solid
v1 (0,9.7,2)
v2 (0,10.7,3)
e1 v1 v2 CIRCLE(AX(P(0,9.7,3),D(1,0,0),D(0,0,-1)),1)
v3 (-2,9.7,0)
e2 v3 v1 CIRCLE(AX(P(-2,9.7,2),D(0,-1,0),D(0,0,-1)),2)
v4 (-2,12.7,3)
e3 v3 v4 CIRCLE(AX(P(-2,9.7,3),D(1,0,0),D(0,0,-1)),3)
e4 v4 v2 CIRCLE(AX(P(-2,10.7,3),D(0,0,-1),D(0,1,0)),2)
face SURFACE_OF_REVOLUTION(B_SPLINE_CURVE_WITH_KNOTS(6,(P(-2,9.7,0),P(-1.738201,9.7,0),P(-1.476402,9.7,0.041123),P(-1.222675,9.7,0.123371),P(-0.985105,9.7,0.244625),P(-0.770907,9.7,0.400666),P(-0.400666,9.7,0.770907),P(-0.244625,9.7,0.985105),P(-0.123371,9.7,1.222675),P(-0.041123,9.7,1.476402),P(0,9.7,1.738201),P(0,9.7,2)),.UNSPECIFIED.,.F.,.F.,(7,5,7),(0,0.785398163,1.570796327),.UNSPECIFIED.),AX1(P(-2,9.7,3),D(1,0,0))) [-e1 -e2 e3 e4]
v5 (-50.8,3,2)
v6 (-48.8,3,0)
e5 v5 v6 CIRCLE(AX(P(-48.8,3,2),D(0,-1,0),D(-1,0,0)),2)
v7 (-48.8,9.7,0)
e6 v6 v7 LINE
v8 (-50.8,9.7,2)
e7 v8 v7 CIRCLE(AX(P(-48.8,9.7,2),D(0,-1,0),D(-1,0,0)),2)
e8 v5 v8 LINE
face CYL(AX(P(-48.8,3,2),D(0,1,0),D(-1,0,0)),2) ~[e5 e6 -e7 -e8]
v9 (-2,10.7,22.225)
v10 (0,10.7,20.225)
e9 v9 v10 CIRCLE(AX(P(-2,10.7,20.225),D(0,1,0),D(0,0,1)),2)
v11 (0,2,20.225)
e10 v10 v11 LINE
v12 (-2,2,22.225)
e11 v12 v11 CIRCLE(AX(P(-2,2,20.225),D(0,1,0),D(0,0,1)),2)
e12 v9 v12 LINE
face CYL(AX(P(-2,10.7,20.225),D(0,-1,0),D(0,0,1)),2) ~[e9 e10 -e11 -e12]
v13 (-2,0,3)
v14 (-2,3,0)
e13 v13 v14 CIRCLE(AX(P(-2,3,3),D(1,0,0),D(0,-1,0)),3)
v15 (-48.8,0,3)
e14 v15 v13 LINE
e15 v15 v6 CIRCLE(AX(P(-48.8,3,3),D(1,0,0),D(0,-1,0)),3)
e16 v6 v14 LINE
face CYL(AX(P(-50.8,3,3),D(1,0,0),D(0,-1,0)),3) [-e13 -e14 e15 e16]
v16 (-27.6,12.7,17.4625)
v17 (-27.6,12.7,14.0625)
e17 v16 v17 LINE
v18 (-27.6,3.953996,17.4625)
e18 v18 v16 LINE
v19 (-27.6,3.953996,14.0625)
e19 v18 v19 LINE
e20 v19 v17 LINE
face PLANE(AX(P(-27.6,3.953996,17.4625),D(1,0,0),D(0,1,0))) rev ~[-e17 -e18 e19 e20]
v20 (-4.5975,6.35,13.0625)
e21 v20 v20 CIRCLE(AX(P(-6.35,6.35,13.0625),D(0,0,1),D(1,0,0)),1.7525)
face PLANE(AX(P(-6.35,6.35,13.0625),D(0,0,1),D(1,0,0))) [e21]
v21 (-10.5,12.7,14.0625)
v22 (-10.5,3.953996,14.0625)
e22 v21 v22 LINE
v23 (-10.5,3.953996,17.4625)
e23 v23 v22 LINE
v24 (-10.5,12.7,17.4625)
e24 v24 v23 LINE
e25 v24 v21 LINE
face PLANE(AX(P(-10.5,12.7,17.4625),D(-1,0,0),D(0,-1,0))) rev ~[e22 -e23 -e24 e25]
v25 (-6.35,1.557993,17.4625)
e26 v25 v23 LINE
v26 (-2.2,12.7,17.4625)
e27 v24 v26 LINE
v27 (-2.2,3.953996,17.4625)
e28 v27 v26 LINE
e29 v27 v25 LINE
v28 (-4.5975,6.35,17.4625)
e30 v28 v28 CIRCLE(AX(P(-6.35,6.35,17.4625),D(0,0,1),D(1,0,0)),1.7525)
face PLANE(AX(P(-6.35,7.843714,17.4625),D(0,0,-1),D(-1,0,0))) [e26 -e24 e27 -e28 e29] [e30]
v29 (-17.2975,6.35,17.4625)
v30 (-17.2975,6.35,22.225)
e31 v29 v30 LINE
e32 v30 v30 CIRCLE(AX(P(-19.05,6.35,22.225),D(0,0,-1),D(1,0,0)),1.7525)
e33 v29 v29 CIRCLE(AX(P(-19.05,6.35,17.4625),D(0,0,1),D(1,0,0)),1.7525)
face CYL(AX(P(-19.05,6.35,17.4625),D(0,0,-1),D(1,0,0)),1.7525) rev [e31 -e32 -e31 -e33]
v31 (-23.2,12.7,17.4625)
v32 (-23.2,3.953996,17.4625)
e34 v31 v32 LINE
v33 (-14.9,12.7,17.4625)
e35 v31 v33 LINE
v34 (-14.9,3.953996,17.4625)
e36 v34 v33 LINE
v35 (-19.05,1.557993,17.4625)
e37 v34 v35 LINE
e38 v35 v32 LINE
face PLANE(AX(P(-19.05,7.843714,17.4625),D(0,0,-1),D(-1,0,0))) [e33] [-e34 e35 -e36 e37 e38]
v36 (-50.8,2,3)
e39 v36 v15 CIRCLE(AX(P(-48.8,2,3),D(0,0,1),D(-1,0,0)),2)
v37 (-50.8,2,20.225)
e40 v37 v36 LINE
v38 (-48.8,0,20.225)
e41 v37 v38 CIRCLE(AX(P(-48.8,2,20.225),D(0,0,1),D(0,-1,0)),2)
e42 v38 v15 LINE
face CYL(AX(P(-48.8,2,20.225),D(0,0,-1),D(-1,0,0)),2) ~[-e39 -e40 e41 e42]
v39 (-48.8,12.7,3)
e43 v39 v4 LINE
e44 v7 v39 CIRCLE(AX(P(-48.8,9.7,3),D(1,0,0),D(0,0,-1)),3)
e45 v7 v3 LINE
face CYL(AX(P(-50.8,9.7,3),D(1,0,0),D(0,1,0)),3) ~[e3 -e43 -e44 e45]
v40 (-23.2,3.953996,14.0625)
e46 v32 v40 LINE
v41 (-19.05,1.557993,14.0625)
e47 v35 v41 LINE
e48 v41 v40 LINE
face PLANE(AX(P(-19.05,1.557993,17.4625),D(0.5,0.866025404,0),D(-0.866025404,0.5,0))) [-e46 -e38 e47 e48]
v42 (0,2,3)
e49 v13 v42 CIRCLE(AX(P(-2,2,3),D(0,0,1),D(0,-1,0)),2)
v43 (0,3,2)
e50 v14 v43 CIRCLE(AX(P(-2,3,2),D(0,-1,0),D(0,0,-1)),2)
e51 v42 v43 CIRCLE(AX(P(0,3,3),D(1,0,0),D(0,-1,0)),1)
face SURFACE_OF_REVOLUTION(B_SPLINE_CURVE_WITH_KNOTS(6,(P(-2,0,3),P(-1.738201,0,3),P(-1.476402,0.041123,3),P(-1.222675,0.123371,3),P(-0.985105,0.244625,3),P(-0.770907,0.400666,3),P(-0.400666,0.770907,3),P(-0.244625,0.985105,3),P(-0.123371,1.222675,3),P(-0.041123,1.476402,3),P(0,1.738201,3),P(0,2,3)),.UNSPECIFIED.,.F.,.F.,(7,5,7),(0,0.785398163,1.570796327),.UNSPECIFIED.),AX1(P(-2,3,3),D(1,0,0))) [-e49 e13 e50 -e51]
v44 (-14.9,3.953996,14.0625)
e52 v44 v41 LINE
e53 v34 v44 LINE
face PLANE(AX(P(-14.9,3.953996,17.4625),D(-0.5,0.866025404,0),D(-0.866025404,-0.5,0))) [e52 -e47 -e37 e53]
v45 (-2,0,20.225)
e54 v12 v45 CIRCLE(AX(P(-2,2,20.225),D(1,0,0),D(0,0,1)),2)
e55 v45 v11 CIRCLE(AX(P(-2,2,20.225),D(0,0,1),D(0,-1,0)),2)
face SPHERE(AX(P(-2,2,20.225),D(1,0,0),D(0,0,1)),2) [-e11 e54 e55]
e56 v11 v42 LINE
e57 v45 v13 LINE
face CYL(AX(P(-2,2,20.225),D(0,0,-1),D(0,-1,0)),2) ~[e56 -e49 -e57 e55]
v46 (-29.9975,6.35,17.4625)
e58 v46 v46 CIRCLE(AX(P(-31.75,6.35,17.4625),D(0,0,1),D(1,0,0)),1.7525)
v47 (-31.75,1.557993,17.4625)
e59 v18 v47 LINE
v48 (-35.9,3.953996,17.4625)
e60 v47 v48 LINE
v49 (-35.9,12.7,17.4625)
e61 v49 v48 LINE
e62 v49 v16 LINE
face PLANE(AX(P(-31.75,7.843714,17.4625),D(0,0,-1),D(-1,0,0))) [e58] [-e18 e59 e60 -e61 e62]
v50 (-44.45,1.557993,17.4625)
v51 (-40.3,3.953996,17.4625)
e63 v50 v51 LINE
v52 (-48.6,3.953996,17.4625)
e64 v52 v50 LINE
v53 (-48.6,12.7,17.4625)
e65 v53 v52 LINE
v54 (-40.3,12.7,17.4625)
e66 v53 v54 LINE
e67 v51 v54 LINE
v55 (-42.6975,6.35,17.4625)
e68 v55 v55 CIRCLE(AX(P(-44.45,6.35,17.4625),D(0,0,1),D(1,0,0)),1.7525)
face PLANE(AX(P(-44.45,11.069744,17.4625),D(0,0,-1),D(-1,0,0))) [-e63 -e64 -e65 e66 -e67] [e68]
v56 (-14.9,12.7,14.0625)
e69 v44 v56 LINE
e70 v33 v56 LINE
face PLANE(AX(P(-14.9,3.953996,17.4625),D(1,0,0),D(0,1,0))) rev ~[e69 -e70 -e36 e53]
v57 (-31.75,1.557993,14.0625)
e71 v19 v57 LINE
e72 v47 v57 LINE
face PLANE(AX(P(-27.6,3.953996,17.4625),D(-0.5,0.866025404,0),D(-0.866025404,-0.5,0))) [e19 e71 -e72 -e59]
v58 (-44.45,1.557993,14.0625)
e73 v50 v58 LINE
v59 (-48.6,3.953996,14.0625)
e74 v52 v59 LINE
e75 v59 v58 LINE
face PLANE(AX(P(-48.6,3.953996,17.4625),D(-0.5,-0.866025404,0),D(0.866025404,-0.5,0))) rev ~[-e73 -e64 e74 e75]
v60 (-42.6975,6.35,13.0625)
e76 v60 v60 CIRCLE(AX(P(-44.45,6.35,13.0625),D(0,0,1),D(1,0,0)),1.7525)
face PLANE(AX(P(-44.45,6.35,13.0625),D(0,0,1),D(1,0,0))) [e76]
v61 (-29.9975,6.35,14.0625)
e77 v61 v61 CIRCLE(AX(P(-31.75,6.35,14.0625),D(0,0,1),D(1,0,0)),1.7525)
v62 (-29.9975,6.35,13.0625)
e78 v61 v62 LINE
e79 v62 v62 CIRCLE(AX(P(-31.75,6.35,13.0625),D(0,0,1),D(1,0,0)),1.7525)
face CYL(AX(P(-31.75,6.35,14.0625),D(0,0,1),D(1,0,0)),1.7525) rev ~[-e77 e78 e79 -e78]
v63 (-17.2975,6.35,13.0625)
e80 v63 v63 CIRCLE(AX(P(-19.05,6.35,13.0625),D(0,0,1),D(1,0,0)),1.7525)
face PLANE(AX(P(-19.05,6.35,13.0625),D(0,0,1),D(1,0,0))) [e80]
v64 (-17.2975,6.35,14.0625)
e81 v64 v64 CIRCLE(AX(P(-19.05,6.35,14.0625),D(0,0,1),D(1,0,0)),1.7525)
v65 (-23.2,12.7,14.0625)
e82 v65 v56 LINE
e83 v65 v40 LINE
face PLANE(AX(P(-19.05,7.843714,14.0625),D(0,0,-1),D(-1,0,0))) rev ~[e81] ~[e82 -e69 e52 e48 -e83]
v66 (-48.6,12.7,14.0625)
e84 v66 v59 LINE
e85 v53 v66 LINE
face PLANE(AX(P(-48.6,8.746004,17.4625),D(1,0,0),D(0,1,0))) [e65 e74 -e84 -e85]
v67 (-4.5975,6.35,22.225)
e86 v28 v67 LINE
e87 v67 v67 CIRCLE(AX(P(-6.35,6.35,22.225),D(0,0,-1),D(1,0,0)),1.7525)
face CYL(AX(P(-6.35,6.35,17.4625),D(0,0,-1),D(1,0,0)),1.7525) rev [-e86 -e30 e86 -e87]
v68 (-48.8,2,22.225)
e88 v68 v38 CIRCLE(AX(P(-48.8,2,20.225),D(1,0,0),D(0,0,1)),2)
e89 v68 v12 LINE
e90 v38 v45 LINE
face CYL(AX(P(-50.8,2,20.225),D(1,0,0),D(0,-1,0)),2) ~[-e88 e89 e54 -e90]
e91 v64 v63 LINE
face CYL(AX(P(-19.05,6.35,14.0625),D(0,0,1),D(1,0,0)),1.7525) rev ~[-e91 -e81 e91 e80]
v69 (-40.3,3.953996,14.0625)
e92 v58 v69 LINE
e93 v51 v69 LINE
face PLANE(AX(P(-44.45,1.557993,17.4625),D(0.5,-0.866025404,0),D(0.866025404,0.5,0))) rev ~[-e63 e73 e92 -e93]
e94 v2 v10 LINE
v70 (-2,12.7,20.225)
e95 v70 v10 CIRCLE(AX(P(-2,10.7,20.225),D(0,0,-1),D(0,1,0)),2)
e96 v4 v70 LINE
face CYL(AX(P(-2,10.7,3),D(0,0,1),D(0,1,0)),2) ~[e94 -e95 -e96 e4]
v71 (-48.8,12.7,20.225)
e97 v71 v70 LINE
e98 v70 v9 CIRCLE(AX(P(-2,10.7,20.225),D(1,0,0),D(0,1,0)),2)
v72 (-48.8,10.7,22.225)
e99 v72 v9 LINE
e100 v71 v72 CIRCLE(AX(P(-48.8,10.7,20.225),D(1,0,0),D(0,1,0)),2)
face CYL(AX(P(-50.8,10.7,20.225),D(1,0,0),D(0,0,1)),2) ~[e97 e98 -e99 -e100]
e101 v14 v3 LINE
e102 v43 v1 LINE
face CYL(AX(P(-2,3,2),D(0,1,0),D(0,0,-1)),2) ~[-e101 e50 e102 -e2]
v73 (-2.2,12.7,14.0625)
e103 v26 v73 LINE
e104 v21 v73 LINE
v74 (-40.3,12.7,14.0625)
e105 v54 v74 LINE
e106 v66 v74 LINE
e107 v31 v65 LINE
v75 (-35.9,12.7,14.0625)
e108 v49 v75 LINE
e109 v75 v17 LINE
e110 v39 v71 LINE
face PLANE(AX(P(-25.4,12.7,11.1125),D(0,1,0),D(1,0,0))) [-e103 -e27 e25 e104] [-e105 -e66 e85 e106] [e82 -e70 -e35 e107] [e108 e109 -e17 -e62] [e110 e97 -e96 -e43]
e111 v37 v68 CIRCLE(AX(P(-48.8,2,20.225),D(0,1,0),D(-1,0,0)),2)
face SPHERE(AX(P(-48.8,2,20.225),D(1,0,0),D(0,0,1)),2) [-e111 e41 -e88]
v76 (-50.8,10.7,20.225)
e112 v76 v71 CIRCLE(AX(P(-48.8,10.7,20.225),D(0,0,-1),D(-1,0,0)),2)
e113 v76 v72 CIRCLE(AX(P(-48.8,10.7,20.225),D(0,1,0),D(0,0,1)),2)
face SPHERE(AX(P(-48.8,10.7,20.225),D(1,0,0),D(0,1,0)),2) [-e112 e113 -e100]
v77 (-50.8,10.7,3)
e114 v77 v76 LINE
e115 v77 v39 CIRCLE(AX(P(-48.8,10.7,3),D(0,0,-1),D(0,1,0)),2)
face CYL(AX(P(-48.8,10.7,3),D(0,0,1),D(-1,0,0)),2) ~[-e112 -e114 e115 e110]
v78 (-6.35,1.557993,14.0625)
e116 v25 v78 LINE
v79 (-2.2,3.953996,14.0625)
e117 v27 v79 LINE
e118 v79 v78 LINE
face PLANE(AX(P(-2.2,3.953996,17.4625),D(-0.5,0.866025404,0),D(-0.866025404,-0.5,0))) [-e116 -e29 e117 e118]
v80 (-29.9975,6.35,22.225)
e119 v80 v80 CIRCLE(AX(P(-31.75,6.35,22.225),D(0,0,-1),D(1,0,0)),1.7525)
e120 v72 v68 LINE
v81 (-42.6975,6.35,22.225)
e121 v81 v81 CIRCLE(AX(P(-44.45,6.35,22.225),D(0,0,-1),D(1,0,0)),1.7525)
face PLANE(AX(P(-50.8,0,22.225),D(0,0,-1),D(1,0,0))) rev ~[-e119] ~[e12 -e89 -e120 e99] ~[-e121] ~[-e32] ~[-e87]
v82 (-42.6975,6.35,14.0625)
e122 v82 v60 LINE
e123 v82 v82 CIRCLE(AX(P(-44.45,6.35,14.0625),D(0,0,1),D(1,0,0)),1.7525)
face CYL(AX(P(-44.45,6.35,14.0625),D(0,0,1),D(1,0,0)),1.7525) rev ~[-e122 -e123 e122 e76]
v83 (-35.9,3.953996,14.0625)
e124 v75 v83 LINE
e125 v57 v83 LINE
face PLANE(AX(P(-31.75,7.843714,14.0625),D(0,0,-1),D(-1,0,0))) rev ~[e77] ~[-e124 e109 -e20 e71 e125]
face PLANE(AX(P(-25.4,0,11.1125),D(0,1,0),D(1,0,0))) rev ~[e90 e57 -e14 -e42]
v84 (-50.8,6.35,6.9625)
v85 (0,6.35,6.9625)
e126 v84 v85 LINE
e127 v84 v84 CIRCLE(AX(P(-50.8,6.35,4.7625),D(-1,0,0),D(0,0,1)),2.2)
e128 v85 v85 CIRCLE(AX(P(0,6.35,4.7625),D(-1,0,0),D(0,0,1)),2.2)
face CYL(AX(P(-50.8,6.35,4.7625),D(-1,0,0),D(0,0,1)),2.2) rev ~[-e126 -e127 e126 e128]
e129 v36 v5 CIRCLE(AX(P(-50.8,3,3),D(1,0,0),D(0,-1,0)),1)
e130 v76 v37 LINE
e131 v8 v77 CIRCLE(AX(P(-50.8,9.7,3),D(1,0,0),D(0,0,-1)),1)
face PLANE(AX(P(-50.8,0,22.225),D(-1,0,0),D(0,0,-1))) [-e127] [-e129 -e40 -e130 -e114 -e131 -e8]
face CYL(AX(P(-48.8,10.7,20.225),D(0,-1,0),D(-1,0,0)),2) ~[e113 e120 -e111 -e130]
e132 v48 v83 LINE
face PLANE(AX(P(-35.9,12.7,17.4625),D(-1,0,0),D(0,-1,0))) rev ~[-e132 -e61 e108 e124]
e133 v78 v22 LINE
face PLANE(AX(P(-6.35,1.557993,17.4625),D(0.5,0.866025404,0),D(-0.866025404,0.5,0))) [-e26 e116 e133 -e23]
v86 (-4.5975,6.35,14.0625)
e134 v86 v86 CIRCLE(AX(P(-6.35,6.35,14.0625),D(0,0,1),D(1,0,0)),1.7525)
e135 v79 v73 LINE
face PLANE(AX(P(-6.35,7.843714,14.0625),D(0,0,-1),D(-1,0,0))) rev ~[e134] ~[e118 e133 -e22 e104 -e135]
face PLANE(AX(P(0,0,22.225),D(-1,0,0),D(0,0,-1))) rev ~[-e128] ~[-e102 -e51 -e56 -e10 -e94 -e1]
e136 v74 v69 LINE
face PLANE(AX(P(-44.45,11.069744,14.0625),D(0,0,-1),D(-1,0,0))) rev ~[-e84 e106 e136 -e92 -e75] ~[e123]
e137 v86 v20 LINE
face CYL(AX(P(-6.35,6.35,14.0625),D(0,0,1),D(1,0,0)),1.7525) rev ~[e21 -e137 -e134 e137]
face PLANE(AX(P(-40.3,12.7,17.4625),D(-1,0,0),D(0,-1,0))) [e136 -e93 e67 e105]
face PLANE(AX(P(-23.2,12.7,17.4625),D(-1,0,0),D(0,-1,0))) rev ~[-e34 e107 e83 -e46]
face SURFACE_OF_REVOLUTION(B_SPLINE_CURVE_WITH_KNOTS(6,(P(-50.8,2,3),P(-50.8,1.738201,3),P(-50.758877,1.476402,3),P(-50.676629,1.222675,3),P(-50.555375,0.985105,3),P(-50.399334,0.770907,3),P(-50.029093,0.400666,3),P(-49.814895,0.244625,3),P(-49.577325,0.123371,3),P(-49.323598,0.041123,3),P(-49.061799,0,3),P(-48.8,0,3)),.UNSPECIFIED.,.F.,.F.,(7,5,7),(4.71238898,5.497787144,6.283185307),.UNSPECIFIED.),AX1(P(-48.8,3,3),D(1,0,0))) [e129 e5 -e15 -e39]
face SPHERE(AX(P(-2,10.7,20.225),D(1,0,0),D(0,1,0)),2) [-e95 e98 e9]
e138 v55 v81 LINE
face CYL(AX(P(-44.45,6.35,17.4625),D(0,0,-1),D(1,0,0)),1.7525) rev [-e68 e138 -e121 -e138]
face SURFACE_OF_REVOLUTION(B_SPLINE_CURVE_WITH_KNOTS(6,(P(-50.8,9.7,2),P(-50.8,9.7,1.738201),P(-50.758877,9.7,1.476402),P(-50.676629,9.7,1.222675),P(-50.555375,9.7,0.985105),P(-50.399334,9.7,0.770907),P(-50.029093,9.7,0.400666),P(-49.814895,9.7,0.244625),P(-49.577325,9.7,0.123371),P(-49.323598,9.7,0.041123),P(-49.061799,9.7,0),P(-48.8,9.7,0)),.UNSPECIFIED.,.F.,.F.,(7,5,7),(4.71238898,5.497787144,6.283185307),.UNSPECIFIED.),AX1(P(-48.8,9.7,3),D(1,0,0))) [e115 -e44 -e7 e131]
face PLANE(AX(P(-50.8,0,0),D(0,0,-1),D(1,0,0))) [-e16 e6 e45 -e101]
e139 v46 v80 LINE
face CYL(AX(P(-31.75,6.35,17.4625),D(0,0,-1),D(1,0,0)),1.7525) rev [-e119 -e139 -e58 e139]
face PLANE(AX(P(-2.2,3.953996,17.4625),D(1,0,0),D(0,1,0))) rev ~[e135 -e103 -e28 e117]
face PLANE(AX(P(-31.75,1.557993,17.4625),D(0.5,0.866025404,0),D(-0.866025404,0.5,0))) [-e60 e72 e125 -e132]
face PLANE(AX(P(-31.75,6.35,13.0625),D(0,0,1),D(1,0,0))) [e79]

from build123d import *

# Parameters (mm, degrees)
SKETCH1_W           = 50.8
SKETCH1_H           = 22.225
BOSS_EXTRUDE1_DEPTH = 12.7
SKETCH2_R           = 2.2
CUT_EXTRUDE1_DEPTH  = 57.884801353
SKETCH4_R           = 1.7525
CUT_EXTRUDE3_DEPTH  = 3.4
CUT_EXTRUDE4_START  = -3.4
SKETCH4_3_R         = 1.7525
CUT_EXTRUDE4_DEPTH  = 1
CUT_EXTRUDE5_REACH  = 57.198
SKETCH4_4_R         = 1.7525
FILLET1_R           = 3
FILLET2_R           = 2
FILLET3_R           = 2


with BuildPart() as part:
    # Sketch1 → Boss-Extrude1 (new body)
    with BuildSketch(Plane(origin=(0, 0, 0), x_dir=(1, 0, 0), z_dir=(0, 1, 0))):
        with Locations((-25.4, -11.1125)):
            Rectangle(SKETCH1_W, SKETCH1_H)
    extrude(amount=BOSS_EXTRUDE1_DEPTH)

    # Sketch2 → Cut-Extrude1 (cut, through all)
    with BuildSketch(Plane.ZY.offset(50.8)):
        with Locations((4.7625, 6.35)):
            Circle(SKETCH2_R)
    extrude(amount=-CUT_EXTRUDE1_DEPTH, mode=Mode.SUBTRACT)

    # Sketch4 → Cut-Extrude3 (cut)
    # profile 1 of 9: a face of its own
    with BuildSketch(Plane.XY.offset(17.4625)):
        Polygon((-40.3, 12.7), (-40.3, 8.746003617), (-44.45, 11.142007234), (-48.6, 8.746003617), (-48.6, 12.7), align=None)
    # profile 2 of 9: a face of its own
    with BuildSketch(Plane.XY.offset(17.4625)):
        Polygon((-48.6, 8.746003617), (-48.6, 3.953996383), (-44.45, 1.557992766), (-40.3, 3.953996383), (-40.3, 8.746003617), (-44.45, 11.142007234), align=None)
        with Locations((-44.45, 6.35)):
            Circle(SKETCH4_R, mode=Mode.SUBTRACT)
    # profile 3 of 9: a face of its own
    with BuildSketch(Plane.XY.offset(17.4625)):
        Polygon((-35.9, 12.7), (-27.6, 12.7), (-27.6, 8.746003617), (-27.6, 3.953996383), (-31.75, 1.557992766), (-35.9, 3.953996383), (-35.9, 8.746003617), align=None)
        with Locations((-31.75, 6.35)):
            Circle(SKETCH4_R, mode=Mode.SUBTRACT)
    # profile 4 of 9: a face of its own
    with BuildSketch(Plane.XY.offset(17.4625)):
        with Locations((-31.75, 6.35)):
            Circle(SKETCH4_R)
    # profile 5 of 9: a face of its own
    with BuildSketch(Plane.XY.offset(17.4625)):
        with Locations((-44.45, 6.35)):
            Circle(SKETCH4_R)
    # profile 6 of 9: a face of its own
    with BuildSketch(Plane.XY.offset(17.4625)):
        Polygon((-23.2, 12.7), (-14.9, 12.7), (-14.9, 8.746003617), (-14.9, 3.953996383), (-19.05, 1.557992766), (-23.2, 3.953996383), (-23.2, 8.746003617), align=None)
        with Locations((-19.05, 6.35)):
            Circle(SKETCH4_R, mode=Mode.SUBTRACT)
    # profile 7 of 9: a face of its own
    with BuildSketch(Plane.XY.offset(17.4625)):
        with Locations((-19.05, 6.35)):
            Circle(SKETCH4_R)
    # profile 8 of 9: a face of its own
    with BuildSketch(Plane.XY.offset(17.4625)):
        Polygon((-10.5, 12.7), (-2.2, 12.7), (-2.2, 8.746003617), (-2.2, 3.953996383), (-6.35, 1.557992766), (-10.5, 3.953996383), (-10.5, 8.746003617), align=None)
        with Locations((-6.35, 6.35)):
            Circle(SKETCH4_R, mode=Mode.SUBTRACT)
    # profile 9 of 9: a face of its own
    with BuildSketch(Plane.XY.offset(17.4625)):
        with Locations((-6.35, 6.35)):
            Circle(SKETCH4_R)
    extrude(amount=-CUT_EXTRUDE3_DEPTH, mode=Mode.SUBTRACT)

    # Sketch4<3> → Cut-Extrude4 (cut)
    with BuildSketch(Plane.XY.offset(17.4625).offset(CUT_EXTRUDE4_START)):
        with Locations((-44.45, 6.35)):
            Circle(SKETCH4_3_R)
        with Locations((-31.75, 6.35)):
            Circle(SKETCH4_3_R)
        with Locations((-19.05, 6.35)):
            Circle(SKETCH4_3_R)
        with Locations((-6.35, 6.35)):
            Circle(SKETCH4_3_R)
    extrude(amount=-CUT_EXTRUDE4_DEPTH, mode=Mode.SUBTRACT)

    # Sketch4<4> → Cut-Extrude5 (cut, up to next)
    with BuildSketch(Plane.XY.offset(17.4625), mode=Mode.PRIVATE) as cut_extrude5_sk1:
        with Locations((-44.45, 6.35)):
            Circle(SKETCH4_4_R)
    cut_extrude5_tool1 = extrude(cut_extrude5_sk1.sketch, amount=CUT_EXTRUDE5_REACH, mode=Mode.PRIVATE) & part.part
    # Sketch4<4> → Cut-Extrude5 (cut, up to next)
    with BuildSketch(Plane.XY.offset(17.4625), mode=Mode.PRIVATE) as cut_extrude5_sk2:
        with Locations((-31.75, 6.35)):
            Circle(SKETCH4_4_R)
    cut_extrude5_tool2 = extrude(cut_extrude5_sk2.sketch, amount=CUT_EXTRUDE5_REACH, mode=Mode.PRIVATE) & part.part
    # Sketch4<4> → Cut-Extrude5 (cut, up to next)
    with BuildSketch(Plane.XY.offset(17.4625), mode=Mode.PRIVATE) as cut_extrude5_sk3:
        with Locations((-19.05, 6.35)):
            Circle(SKETCH4_4_R)
    cut_extrude5_tool3 = extrude(cut_extrude5_sk3.sketch, amount=CUT_EXTRUDE5_REACH, mode=Mode.PRIVATE) & part.part
    # Sketch4<4> → Cut-Extrude5 (cut, up to next)
    with BuildSketch(Plane.XY.offset(17.4625), mode=Mode.PRIVATE) as cut_extrude5_sk4:
        with Locations((-6.35, 6.35)):
            Circle(SKETCH4_4_R)
    cut_extrude5_tool4 = extrude(cut_extrude5_sk4.sketch, amount=CUT_EXTRUDE5_REACH, mode=Mode.PRIVATE) & part.part
    add(cut_extrude5_tool1.solids().sort_by_distance((-44.45, 6.35, 17.4625))[0], mode=Mode.SUBTRACT)
    add(cut_extrude5_tool2.solids().sort_by_distance((-31.75, 6.35, 17.4625))[0], mode=Mode.SUBTRACT)
    add(cut_extrude5_tool3.solids().sort_by_distance((-19.05, 6.35, 17.4625))[0], mode=Mode.SUBTRACT)
    add(cut_extrude5_tool4.solids().sort_by_distance((-6.35, 6.35, 17.4625))[0], mode=Mode.SUBTRACT)

    # Fillet1
    fillet1_edges = [part.edges().sort_by_distance(p)[0] for p in [
        (-25.4, 0, 0),
        (-25.4, 12.7, 0),
    ]]
    fillet(fillet1_edges, radius=FILLET1_R)

    # Fillet2
    fillet2_edges = [part.edges().sort_by_distance(p)[0] for p in [
        (-25.4, 12.7, 22.225),
        (-25.4, 0, 22.225),
    ]]
    fillet(fillet2_edges, radius=FILLET2_R)

    # Fillet3
    fillet3_edges = [part.edges().sort_by_distance(p)[0] for p in [
        (-50.8, 6.35, 0),
        (0, 6.35, 0),
        (-50.8, 0, 11.6125),
        (-50.8, 12.7, 11.6125),
        (-50.8, 11.821320344, 0.878679656),
        (-50.8, 0.878679656, 0.878679656),
        (0, 11.821320344, 0.878679656),
        (0, 0.878679656, 0.878679656),
        (0, 6.35, 22.225),
        (-50.8, 6.35, 22.225),
        (0, 0, 11.6125),
        (0, 12.7, 11.6125),
        (0, 12.114213562, 21.639213562),
        (0, 0.585786438, 21.639213562),
        (-50.8, 12.114213562, 21.639213562),
        (-50.8, 0.585786438, 21.639213562),
    ]]
    fillet(fillet3_edges, radius=FILLET3_R)


solid = part.part
